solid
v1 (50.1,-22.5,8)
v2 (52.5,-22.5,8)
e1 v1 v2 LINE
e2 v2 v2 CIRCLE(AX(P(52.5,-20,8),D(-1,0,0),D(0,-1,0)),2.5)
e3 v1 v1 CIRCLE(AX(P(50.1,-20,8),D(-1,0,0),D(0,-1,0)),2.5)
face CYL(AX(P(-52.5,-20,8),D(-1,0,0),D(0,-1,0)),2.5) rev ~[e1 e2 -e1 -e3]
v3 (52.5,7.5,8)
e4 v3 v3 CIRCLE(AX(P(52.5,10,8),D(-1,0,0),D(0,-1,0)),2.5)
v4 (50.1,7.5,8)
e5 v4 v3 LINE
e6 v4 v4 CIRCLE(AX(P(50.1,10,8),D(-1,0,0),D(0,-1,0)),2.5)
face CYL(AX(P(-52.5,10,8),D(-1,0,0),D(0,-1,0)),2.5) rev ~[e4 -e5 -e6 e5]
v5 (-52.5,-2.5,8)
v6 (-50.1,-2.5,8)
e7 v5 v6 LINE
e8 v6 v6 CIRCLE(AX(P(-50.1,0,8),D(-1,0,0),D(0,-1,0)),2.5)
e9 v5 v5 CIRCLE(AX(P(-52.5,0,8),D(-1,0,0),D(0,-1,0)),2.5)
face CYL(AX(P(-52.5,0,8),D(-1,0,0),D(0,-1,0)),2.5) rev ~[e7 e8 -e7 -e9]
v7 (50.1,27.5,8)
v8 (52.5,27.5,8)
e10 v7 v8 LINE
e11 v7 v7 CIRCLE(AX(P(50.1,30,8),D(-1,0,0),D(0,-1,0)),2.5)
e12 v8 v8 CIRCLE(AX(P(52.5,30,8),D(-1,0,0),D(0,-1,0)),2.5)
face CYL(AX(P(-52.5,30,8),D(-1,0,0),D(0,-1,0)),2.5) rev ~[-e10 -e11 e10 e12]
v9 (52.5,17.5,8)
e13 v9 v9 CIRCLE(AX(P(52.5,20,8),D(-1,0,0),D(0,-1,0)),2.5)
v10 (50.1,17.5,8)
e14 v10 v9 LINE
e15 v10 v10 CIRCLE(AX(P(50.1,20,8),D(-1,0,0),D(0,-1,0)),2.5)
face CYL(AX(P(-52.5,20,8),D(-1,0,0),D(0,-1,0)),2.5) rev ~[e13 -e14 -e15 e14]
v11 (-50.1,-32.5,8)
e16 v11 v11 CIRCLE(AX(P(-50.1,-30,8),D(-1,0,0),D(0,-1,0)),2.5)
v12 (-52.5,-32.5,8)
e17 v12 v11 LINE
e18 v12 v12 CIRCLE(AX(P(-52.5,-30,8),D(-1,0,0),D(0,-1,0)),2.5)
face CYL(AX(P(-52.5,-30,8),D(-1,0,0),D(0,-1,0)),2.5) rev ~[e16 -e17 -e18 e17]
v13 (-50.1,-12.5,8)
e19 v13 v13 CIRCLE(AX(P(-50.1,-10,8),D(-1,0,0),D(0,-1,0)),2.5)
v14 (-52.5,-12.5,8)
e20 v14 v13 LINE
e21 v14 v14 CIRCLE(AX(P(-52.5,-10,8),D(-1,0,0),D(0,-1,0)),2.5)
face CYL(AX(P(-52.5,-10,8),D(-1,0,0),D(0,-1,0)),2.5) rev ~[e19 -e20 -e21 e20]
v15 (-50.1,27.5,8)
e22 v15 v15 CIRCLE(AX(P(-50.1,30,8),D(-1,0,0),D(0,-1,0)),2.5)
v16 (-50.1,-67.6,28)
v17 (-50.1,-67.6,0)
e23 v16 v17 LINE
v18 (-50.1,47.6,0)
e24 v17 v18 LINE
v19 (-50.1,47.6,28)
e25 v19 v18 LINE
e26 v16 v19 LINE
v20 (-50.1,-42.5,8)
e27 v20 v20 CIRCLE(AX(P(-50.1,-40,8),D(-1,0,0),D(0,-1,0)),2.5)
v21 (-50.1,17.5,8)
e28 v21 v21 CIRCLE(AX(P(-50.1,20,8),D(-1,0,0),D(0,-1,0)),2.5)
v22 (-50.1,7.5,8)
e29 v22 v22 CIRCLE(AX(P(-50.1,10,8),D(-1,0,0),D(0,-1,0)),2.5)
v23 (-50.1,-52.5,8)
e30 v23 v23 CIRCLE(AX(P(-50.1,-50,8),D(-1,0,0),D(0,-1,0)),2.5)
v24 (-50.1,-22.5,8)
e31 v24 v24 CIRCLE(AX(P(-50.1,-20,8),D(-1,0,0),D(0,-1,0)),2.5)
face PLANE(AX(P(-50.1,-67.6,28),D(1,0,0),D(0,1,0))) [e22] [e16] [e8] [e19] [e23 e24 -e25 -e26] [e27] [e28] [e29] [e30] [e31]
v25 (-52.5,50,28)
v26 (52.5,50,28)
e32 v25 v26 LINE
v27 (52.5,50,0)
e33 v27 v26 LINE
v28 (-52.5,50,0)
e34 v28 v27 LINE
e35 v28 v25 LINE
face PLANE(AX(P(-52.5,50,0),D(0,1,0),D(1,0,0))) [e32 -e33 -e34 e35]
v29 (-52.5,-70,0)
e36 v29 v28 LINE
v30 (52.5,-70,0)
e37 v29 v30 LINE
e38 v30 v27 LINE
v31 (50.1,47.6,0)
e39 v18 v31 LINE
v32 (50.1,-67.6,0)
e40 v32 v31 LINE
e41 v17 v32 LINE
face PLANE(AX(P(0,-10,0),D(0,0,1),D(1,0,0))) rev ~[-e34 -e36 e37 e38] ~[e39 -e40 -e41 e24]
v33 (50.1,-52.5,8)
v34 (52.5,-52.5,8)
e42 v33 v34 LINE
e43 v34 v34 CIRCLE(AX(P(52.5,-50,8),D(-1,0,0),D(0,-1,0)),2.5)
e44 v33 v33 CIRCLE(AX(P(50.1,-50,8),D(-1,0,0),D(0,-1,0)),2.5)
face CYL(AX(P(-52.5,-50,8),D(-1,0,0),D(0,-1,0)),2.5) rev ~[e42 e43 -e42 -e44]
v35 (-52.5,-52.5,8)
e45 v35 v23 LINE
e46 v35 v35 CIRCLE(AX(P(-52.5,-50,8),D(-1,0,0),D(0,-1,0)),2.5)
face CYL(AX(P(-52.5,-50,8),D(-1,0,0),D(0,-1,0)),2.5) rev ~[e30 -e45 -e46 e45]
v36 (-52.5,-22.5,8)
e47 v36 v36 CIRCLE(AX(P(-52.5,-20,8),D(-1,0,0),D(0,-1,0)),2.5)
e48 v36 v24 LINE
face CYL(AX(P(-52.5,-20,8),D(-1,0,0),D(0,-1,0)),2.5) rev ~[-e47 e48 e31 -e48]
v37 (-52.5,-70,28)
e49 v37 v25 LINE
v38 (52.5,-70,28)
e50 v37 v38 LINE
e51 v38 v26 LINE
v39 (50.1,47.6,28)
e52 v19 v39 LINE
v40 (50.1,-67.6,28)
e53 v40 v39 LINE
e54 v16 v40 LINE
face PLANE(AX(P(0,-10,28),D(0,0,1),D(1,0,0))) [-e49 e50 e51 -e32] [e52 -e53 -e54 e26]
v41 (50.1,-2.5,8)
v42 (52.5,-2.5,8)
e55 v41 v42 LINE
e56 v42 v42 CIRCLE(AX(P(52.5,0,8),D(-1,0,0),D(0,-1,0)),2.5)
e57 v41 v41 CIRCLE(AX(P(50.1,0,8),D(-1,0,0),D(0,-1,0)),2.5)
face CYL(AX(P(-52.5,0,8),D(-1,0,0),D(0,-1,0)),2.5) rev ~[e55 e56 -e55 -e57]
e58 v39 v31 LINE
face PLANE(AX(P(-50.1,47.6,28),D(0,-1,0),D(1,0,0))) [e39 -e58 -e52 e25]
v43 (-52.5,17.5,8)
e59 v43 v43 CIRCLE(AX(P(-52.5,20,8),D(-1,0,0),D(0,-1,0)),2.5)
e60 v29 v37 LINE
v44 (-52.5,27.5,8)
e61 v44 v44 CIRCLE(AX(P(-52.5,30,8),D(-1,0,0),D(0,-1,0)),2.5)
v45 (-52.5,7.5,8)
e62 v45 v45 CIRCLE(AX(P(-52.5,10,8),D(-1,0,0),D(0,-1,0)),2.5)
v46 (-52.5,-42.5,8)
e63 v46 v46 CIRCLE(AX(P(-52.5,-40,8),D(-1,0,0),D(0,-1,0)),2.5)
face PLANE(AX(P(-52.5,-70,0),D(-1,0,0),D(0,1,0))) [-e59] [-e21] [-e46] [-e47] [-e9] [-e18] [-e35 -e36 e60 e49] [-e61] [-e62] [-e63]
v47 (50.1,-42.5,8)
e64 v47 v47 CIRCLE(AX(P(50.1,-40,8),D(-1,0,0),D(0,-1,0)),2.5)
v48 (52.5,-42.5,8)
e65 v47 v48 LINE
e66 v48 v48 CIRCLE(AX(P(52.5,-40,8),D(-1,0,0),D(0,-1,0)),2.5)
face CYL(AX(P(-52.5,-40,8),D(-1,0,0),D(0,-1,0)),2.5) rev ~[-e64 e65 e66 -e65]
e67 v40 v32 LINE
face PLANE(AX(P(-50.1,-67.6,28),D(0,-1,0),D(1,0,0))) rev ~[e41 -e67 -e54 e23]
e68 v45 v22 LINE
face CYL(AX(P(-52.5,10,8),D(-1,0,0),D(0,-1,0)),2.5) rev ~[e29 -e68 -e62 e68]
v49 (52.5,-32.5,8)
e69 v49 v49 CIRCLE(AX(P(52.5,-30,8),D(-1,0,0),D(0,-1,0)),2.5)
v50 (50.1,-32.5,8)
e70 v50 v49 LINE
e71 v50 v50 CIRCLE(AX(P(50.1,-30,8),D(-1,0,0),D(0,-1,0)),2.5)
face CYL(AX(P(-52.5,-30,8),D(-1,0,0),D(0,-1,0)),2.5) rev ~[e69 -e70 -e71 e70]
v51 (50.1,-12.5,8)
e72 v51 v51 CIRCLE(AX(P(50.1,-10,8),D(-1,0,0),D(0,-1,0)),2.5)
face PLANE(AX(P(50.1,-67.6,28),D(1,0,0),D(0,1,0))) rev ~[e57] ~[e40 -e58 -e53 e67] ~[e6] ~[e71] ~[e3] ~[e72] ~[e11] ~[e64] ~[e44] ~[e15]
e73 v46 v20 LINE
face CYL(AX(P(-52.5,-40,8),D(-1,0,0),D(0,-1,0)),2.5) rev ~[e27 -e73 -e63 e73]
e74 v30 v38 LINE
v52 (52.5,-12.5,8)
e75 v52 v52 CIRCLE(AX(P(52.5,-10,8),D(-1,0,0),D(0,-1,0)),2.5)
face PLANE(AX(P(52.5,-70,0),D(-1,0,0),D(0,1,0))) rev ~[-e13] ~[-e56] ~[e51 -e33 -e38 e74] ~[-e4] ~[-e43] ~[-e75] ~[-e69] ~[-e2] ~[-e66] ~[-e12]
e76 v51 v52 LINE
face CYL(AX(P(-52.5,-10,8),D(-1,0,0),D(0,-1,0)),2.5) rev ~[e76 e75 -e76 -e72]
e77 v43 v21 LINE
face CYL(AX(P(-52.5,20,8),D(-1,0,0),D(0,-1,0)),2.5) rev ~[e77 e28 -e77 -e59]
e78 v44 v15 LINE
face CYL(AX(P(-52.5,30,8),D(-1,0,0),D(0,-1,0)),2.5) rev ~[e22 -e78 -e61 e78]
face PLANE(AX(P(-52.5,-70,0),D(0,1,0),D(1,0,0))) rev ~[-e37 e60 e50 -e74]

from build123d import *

# Parameters (mm, degrees)
SKETCH_W        = 105
SKETCH_H        = 120
PAD_DEPTH       = 28
SKETCH001_W     = 100.2
SKETCH001_H     = 115.2
POCKET_DEPTH    = 28.001
SKETCH002_R     = 2.5
POCKET001_DEPTH = 105.001


with BuildPart() as part:
    # Sketch → Pad (new body)
    with BuildSketch(Plane.XY):
        with Locations((0, -10)):
            Rectangle(SKETCH_W, SKETCH_H)
    extrude(amount=PAD_DEPTH)

    # Sketch001 → Pocket (cut, through all)
    with BuildSketch(Plane.XY.offset(28)):
        with Locations((0, -10)):
            Rectangle(SKETCH001_W, SKETCH001_H)
    extrude(amount=-POCKET_DEPTH, mode=Mode.SUBTRACT)

    # Sketch002 → Pocket001 (cut, through all)
    with BuildSketch(Plane(origin=(-52.5, 0, 0), x_dir=(0, -1, 0), z_dir=(-1, 0, 0))):
        with Locations((-10, 8)):
            Circle(SKETCH002_R)
        with Locations((10, 8)):
            Circle(SKETCH002_R)
        with Locations((-20, 8)):
            Circle(SKETCH002_R)
        with Locations((20, 8)):
            Circle(SKETCH002_R)
        with Locations((30, 8)):
            Circle(SKETCH002_R)
        with Locations((40, 8)):
            Circle(SKETCH002_R)
        with Locations((50, 8)):
            Circle(SKETCH002_R)
        with Locations((-30, 8)):
            Circle(SKETCH002_R)
        with Locations((0, 8)):
            Circle(SKETCH002_R)
    extrude(amount=-POCKET001_DEPTH, mode=Mode.SUBTRACT)


solid = part.part
